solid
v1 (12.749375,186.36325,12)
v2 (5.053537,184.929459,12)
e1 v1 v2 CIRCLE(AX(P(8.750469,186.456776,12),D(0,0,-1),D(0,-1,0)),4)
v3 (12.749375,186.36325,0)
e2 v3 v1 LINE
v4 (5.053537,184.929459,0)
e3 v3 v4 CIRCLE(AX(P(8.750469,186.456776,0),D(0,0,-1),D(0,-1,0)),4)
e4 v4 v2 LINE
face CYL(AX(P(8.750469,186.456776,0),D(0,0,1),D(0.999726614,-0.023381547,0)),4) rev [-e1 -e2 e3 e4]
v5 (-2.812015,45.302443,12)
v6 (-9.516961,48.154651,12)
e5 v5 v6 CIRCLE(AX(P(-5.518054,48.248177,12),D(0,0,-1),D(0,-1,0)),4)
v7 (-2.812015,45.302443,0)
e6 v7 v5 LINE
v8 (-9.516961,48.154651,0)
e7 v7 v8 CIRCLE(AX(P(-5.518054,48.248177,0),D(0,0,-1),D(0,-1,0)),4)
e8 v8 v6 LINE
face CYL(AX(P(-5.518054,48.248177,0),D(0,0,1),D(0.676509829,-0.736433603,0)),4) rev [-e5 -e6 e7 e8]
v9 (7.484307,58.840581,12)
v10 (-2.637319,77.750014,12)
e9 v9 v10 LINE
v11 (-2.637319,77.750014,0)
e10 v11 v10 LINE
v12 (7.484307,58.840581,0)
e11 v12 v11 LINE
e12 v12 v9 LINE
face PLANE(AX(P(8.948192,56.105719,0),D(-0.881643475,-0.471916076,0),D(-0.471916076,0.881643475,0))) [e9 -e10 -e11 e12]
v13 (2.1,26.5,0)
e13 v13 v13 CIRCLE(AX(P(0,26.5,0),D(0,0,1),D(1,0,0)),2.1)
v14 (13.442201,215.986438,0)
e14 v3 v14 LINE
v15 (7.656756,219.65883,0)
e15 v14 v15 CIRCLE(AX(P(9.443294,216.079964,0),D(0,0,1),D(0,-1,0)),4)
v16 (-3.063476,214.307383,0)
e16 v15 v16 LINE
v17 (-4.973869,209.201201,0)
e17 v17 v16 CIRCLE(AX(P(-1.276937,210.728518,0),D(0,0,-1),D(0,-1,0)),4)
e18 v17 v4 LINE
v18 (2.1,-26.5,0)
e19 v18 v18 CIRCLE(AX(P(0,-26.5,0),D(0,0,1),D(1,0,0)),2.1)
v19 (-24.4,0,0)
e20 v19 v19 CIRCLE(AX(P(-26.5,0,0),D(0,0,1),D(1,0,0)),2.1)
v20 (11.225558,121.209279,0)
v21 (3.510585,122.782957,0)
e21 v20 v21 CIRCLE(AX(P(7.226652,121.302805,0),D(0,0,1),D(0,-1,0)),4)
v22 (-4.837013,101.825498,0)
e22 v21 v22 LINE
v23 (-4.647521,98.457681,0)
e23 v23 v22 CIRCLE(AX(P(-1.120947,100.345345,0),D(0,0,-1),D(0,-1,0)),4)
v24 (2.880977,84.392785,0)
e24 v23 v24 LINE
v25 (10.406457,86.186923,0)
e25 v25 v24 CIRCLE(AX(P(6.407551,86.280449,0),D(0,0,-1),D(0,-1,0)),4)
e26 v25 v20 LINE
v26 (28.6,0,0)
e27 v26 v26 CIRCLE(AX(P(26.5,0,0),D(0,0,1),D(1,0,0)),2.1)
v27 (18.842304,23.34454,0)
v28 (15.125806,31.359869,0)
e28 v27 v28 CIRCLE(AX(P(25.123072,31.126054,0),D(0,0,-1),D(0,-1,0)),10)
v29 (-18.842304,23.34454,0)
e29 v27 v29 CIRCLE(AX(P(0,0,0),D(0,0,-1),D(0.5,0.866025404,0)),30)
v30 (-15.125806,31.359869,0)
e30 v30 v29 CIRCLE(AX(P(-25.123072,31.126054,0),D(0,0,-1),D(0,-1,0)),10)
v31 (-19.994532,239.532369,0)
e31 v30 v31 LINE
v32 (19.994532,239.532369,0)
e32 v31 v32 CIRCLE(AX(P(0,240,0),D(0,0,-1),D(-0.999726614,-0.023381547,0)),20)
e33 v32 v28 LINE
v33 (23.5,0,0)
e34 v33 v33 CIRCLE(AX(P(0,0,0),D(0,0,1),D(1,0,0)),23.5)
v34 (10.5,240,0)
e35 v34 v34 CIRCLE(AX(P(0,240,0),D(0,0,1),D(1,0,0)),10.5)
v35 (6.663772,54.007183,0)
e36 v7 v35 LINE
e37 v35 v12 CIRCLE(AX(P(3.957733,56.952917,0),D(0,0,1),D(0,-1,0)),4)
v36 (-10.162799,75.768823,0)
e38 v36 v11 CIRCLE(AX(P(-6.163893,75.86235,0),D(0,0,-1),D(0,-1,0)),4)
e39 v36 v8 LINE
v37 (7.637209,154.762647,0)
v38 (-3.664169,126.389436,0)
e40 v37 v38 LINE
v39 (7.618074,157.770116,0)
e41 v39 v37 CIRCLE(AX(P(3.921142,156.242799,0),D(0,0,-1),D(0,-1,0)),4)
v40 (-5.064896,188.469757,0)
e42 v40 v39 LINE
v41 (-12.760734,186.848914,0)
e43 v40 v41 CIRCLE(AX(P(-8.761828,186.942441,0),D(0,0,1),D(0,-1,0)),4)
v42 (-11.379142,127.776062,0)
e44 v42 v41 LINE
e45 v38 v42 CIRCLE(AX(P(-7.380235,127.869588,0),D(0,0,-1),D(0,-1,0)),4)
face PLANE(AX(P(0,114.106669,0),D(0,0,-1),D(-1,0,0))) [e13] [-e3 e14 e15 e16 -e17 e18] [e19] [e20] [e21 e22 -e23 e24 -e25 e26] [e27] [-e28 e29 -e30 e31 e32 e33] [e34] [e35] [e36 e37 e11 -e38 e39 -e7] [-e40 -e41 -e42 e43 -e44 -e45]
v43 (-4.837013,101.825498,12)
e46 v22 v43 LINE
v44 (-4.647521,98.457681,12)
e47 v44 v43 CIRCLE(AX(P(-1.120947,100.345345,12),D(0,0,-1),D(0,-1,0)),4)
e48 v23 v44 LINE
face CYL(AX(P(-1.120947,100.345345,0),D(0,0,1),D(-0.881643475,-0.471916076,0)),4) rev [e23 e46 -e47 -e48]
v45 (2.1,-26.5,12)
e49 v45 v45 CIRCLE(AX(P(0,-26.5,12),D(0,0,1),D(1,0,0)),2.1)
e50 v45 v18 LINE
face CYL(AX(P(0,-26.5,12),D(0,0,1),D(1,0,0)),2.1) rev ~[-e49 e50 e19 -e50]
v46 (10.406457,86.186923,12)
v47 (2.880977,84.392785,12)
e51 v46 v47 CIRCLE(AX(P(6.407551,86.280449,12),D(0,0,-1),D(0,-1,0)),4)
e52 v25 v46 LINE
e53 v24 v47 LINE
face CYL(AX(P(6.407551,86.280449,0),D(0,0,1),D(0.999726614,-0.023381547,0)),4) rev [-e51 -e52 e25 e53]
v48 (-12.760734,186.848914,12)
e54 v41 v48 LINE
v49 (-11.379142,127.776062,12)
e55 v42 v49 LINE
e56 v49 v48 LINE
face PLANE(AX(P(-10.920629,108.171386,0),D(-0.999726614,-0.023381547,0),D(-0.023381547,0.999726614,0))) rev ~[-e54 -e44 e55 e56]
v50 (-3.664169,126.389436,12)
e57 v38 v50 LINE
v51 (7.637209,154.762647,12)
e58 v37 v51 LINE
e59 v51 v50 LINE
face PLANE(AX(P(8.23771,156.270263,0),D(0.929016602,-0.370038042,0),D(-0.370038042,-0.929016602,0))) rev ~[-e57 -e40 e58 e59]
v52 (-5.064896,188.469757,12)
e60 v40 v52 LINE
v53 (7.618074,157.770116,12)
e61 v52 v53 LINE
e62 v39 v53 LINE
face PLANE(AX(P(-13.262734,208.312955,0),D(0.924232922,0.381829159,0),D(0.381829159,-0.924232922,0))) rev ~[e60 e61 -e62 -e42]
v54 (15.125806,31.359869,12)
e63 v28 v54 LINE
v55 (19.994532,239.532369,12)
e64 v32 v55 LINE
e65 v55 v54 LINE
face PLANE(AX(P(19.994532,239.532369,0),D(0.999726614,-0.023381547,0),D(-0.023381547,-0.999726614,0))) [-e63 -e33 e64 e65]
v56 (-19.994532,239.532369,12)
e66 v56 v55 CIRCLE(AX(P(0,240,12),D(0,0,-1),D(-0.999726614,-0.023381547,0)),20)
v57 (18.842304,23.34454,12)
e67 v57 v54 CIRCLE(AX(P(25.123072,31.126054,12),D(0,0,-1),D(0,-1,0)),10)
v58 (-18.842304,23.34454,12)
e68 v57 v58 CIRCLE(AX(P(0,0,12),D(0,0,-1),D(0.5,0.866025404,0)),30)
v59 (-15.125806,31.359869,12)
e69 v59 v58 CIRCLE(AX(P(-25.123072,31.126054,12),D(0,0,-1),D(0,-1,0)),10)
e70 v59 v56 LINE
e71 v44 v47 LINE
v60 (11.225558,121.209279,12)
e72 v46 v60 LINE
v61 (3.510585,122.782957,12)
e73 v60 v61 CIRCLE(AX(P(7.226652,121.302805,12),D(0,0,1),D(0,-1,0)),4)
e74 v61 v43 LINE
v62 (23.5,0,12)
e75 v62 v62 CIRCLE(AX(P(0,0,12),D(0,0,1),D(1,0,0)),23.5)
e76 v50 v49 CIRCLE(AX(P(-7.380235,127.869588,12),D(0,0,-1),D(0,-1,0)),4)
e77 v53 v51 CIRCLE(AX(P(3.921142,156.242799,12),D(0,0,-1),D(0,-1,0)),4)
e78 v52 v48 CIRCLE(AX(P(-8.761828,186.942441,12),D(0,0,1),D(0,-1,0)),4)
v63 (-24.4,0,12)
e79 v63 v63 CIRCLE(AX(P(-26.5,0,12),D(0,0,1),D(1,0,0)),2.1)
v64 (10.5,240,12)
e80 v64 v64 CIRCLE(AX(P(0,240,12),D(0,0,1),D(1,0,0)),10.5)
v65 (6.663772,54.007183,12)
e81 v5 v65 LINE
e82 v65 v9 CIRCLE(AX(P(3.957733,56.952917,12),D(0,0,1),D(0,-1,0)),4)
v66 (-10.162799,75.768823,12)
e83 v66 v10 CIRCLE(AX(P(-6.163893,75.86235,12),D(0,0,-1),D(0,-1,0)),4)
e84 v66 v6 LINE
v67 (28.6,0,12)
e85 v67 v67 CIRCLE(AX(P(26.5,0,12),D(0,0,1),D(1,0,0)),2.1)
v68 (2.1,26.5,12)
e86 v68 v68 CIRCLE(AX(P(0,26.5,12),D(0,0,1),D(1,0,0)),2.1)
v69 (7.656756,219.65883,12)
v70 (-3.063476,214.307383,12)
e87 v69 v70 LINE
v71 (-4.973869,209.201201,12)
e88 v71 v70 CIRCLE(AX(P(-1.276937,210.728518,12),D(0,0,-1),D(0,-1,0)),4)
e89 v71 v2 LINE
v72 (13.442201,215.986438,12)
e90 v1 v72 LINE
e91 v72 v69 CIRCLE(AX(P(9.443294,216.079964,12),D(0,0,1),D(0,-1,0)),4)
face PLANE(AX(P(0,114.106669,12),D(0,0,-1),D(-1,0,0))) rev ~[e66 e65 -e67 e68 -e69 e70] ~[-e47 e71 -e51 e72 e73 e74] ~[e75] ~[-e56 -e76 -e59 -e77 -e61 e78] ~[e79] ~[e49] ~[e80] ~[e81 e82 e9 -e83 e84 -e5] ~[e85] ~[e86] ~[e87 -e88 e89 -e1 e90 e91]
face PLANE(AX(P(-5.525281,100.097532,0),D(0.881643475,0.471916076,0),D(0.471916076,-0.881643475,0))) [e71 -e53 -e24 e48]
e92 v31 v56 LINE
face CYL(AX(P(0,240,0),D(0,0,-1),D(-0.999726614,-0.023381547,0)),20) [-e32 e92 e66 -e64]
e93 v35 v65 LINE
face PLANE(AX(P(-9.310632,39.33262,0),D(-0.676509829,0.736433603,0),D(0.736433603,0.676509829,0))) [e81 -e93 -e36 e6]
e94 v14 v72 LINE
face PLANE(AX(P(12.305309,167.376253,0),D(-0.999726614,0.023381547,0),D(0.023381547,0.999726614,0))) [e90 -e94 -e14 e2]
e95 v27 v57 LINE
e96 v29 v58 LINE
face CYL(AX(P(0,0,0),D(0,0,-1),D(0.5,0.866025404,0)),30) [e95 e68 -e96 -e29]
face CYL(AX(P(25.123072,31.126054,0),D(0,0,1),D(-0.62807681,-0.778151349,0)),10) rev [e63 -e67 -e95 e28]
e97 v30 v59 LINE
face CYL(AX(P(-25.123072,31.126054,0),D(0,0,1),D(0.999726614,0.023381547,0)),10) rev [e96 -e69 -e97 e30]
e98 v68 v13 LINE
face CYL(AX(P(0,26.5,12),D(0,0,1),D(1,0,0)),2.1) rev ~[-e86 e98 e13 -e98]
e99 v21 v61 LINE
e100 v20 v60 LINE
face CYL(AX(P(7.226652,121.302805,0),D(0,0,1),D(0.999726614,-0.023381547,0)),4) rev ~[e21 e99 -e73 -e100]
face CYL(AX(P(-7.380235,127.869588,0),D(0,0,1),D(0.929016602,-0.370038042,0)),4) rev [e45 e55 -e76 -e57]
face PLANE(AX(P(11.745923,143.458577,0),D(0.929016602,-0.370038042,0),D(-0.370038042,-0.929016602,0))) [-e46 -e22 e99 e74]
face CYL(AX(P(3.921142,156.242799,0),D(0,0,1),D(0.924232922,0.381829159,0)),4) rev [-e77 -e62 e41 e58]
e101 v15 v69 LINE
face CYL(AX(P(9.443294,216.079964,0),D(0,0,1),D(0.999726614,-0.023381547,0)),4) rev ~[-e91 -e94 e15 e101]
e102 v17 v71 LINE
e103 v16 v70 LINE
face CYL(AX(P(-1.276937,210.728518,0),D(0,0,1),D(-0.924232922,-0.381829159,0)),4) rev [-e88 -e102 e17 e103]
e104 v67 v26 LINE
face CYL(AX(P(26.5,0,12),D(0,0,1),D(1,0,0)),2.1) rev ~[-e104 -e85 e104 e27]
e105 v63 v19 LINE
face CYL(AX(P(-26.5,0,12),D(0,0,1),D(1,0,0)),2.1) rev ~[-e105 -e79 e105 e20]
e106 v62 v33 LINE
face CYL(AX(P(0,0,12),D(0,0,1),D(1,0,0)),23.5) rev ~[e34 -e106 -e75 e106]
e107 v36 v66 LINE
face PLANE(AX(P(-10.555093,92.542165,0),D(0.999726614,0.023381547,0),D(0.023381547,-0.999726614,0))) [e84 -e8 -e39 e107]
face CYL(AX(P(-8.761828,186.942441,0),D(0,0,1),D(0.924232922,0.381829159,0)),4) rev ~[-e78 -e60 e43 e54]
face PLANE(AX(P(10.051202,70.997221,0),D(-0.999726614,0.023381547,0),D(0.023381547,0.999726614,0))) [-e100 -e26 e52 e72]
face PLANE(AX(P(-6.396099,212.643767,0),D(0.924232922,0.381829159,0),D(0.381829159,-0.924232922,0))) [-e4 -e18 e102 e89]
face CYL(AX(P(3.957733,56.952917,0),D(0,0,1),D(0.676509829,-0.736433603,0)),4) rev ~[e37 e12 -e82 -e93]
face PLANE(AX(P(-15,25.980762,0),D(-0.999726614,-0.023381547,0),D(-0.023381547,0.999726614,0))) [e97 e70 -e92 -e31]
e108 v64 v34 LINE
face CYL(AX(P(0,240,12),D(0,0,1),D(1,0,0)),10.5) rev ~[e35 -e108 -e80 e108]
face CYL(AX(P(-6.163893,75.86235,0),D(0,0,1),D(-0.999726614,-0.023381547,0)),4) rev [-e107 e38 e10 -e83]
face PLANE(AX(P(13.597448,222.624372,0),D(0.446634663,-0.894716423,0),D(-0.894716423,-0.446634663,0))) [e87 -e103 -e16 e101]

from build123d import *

# Parameters (mm, degrees)
EXTRUDE_1_DEPTH     = 12
SKETCH_2_R          = 10.5
SKETCH_2_R_2        = 23.5
CUT_EXTRUDE_1_DEPTH = 39
FILLET_1_R          = 10
SKETCH_3_R          = 2.1
CUT_EXTRUDE_2_DEPTH = 68
CUT_EXTRUDE_3_DEPTH = 263
FILLET_3_R          = 4


with BuildPart() as part:
    # 草图1 → 凸台-拉伸1 (new body)
    with BuildSketch(Plane.XY):
        with BuildLine():
            Line((-15, 25.980762114), (-19.994532285, 239.532369068))
            ThreePointArc((-19.994532285, 239.532369068), (0, 260), (19.994532285, 239.532369068))
            Line((19.994532285, 239.532369068), (15, 25.980762114))
            ThreePointArc((15, 25.980762114), (0, -30), (-15, 25.980762114))
        make_face()
    extrude(amount=EXTRUDE_1_DEPTH)

    # 草图2 → 切除-拉伸1 (cut)
    with BuildSketch(Plane.XY.offset(12)):
        with Locations((0, 240)):
            Circle(SKETCH_2_R)
        Circle(SKETCH_2_R_2)
    extrude(amount=-CUT_EXTRUDE_1_DEPTH, mode=Mode.SUBTRACT)

    # 圆角1
    fillet_1_edges = [part.edges().sort_by_distance(p)[0] for p in [
        (15, 25.980762114, 6),
        (-15, 25.980762114, 6),
    ]]
    fillet(fillet_1_edges, radius=FILLET_1_R)

    # 草图3 → 切除-拉伸2 (cut)
    with BuildSketch(Plane.XY.offset(12)):
        with Locations((0, 26.5)):
            Circle(SKETCH_3_R)
        with Locations((26.5, 0)):
            Circle(SKETCH_3_R)
        with Locations((0, -26.5)):
            Circle(SKETCH_3_R)
        with Locations((-26.5, 0)):
            Circle(SKETCH_3_R)
    extrude(amount=-CUT_EXTRUDE_2_DEPTH, mode=Mode.SUBTRACT)

    # 草图6 → 切除-拉伸3 (cut, through all)
    with BuildSketch(Plane(origin=(0, 0, 0), x_dir=(-1, 0, 0), z_dir=(0, 0, -1))):
        Polygon((-13.597448285, 222.62437169), (6.396098914, 212.643766677), (-12.305308581, 167.376253439), align=None)
        Polygon((13.262733731, 208.312955361), (-8.237709541, 156.270262815), (10.920628657, 108.171385833), align=None)
        Polygon((-11.745923389, 143.458577117), (5.525281493, 100.097532419), (-10.051201509, 70.997221333), align=None)
        Polygon((-8.948192405, 56.105719255), (10.555093379, 92.542165366), (9.310631693, 39.332619917), align=None)
    extrude(amount=-CUT_EXTRUDE_3_DEPTH, mode=Mode.SUBTRACT)

    # 圆角3
    fillet_3_edges = [part.edges().sort_by_distance(p)[0] for p in [
        (10.051201509, 70.997221333, 6),
        (11.745923389, 143.458577117, 6),
        (-5.525281493, 100.097532419, 6),
        (-13.262733731, 208.312955361, 6),
        (-10.920628657, 108.171385833, 6),
        (8.237709541, 156.270262815, 6),
        (-9.310631693, 39.332619917, 6),
        (8.948192405, 56.105719255, 6),
        (-10.555093379, 92.542165366, 6),
        (12.305308581, 167.376253439, 6),
        (13.597448285, 222.62437169, 6),
        (-6.396098914, 212.643766677, 6),
    ]]
    fillet(fillet_3_edges, radius=FILLET_3_R)


solid = part.part
